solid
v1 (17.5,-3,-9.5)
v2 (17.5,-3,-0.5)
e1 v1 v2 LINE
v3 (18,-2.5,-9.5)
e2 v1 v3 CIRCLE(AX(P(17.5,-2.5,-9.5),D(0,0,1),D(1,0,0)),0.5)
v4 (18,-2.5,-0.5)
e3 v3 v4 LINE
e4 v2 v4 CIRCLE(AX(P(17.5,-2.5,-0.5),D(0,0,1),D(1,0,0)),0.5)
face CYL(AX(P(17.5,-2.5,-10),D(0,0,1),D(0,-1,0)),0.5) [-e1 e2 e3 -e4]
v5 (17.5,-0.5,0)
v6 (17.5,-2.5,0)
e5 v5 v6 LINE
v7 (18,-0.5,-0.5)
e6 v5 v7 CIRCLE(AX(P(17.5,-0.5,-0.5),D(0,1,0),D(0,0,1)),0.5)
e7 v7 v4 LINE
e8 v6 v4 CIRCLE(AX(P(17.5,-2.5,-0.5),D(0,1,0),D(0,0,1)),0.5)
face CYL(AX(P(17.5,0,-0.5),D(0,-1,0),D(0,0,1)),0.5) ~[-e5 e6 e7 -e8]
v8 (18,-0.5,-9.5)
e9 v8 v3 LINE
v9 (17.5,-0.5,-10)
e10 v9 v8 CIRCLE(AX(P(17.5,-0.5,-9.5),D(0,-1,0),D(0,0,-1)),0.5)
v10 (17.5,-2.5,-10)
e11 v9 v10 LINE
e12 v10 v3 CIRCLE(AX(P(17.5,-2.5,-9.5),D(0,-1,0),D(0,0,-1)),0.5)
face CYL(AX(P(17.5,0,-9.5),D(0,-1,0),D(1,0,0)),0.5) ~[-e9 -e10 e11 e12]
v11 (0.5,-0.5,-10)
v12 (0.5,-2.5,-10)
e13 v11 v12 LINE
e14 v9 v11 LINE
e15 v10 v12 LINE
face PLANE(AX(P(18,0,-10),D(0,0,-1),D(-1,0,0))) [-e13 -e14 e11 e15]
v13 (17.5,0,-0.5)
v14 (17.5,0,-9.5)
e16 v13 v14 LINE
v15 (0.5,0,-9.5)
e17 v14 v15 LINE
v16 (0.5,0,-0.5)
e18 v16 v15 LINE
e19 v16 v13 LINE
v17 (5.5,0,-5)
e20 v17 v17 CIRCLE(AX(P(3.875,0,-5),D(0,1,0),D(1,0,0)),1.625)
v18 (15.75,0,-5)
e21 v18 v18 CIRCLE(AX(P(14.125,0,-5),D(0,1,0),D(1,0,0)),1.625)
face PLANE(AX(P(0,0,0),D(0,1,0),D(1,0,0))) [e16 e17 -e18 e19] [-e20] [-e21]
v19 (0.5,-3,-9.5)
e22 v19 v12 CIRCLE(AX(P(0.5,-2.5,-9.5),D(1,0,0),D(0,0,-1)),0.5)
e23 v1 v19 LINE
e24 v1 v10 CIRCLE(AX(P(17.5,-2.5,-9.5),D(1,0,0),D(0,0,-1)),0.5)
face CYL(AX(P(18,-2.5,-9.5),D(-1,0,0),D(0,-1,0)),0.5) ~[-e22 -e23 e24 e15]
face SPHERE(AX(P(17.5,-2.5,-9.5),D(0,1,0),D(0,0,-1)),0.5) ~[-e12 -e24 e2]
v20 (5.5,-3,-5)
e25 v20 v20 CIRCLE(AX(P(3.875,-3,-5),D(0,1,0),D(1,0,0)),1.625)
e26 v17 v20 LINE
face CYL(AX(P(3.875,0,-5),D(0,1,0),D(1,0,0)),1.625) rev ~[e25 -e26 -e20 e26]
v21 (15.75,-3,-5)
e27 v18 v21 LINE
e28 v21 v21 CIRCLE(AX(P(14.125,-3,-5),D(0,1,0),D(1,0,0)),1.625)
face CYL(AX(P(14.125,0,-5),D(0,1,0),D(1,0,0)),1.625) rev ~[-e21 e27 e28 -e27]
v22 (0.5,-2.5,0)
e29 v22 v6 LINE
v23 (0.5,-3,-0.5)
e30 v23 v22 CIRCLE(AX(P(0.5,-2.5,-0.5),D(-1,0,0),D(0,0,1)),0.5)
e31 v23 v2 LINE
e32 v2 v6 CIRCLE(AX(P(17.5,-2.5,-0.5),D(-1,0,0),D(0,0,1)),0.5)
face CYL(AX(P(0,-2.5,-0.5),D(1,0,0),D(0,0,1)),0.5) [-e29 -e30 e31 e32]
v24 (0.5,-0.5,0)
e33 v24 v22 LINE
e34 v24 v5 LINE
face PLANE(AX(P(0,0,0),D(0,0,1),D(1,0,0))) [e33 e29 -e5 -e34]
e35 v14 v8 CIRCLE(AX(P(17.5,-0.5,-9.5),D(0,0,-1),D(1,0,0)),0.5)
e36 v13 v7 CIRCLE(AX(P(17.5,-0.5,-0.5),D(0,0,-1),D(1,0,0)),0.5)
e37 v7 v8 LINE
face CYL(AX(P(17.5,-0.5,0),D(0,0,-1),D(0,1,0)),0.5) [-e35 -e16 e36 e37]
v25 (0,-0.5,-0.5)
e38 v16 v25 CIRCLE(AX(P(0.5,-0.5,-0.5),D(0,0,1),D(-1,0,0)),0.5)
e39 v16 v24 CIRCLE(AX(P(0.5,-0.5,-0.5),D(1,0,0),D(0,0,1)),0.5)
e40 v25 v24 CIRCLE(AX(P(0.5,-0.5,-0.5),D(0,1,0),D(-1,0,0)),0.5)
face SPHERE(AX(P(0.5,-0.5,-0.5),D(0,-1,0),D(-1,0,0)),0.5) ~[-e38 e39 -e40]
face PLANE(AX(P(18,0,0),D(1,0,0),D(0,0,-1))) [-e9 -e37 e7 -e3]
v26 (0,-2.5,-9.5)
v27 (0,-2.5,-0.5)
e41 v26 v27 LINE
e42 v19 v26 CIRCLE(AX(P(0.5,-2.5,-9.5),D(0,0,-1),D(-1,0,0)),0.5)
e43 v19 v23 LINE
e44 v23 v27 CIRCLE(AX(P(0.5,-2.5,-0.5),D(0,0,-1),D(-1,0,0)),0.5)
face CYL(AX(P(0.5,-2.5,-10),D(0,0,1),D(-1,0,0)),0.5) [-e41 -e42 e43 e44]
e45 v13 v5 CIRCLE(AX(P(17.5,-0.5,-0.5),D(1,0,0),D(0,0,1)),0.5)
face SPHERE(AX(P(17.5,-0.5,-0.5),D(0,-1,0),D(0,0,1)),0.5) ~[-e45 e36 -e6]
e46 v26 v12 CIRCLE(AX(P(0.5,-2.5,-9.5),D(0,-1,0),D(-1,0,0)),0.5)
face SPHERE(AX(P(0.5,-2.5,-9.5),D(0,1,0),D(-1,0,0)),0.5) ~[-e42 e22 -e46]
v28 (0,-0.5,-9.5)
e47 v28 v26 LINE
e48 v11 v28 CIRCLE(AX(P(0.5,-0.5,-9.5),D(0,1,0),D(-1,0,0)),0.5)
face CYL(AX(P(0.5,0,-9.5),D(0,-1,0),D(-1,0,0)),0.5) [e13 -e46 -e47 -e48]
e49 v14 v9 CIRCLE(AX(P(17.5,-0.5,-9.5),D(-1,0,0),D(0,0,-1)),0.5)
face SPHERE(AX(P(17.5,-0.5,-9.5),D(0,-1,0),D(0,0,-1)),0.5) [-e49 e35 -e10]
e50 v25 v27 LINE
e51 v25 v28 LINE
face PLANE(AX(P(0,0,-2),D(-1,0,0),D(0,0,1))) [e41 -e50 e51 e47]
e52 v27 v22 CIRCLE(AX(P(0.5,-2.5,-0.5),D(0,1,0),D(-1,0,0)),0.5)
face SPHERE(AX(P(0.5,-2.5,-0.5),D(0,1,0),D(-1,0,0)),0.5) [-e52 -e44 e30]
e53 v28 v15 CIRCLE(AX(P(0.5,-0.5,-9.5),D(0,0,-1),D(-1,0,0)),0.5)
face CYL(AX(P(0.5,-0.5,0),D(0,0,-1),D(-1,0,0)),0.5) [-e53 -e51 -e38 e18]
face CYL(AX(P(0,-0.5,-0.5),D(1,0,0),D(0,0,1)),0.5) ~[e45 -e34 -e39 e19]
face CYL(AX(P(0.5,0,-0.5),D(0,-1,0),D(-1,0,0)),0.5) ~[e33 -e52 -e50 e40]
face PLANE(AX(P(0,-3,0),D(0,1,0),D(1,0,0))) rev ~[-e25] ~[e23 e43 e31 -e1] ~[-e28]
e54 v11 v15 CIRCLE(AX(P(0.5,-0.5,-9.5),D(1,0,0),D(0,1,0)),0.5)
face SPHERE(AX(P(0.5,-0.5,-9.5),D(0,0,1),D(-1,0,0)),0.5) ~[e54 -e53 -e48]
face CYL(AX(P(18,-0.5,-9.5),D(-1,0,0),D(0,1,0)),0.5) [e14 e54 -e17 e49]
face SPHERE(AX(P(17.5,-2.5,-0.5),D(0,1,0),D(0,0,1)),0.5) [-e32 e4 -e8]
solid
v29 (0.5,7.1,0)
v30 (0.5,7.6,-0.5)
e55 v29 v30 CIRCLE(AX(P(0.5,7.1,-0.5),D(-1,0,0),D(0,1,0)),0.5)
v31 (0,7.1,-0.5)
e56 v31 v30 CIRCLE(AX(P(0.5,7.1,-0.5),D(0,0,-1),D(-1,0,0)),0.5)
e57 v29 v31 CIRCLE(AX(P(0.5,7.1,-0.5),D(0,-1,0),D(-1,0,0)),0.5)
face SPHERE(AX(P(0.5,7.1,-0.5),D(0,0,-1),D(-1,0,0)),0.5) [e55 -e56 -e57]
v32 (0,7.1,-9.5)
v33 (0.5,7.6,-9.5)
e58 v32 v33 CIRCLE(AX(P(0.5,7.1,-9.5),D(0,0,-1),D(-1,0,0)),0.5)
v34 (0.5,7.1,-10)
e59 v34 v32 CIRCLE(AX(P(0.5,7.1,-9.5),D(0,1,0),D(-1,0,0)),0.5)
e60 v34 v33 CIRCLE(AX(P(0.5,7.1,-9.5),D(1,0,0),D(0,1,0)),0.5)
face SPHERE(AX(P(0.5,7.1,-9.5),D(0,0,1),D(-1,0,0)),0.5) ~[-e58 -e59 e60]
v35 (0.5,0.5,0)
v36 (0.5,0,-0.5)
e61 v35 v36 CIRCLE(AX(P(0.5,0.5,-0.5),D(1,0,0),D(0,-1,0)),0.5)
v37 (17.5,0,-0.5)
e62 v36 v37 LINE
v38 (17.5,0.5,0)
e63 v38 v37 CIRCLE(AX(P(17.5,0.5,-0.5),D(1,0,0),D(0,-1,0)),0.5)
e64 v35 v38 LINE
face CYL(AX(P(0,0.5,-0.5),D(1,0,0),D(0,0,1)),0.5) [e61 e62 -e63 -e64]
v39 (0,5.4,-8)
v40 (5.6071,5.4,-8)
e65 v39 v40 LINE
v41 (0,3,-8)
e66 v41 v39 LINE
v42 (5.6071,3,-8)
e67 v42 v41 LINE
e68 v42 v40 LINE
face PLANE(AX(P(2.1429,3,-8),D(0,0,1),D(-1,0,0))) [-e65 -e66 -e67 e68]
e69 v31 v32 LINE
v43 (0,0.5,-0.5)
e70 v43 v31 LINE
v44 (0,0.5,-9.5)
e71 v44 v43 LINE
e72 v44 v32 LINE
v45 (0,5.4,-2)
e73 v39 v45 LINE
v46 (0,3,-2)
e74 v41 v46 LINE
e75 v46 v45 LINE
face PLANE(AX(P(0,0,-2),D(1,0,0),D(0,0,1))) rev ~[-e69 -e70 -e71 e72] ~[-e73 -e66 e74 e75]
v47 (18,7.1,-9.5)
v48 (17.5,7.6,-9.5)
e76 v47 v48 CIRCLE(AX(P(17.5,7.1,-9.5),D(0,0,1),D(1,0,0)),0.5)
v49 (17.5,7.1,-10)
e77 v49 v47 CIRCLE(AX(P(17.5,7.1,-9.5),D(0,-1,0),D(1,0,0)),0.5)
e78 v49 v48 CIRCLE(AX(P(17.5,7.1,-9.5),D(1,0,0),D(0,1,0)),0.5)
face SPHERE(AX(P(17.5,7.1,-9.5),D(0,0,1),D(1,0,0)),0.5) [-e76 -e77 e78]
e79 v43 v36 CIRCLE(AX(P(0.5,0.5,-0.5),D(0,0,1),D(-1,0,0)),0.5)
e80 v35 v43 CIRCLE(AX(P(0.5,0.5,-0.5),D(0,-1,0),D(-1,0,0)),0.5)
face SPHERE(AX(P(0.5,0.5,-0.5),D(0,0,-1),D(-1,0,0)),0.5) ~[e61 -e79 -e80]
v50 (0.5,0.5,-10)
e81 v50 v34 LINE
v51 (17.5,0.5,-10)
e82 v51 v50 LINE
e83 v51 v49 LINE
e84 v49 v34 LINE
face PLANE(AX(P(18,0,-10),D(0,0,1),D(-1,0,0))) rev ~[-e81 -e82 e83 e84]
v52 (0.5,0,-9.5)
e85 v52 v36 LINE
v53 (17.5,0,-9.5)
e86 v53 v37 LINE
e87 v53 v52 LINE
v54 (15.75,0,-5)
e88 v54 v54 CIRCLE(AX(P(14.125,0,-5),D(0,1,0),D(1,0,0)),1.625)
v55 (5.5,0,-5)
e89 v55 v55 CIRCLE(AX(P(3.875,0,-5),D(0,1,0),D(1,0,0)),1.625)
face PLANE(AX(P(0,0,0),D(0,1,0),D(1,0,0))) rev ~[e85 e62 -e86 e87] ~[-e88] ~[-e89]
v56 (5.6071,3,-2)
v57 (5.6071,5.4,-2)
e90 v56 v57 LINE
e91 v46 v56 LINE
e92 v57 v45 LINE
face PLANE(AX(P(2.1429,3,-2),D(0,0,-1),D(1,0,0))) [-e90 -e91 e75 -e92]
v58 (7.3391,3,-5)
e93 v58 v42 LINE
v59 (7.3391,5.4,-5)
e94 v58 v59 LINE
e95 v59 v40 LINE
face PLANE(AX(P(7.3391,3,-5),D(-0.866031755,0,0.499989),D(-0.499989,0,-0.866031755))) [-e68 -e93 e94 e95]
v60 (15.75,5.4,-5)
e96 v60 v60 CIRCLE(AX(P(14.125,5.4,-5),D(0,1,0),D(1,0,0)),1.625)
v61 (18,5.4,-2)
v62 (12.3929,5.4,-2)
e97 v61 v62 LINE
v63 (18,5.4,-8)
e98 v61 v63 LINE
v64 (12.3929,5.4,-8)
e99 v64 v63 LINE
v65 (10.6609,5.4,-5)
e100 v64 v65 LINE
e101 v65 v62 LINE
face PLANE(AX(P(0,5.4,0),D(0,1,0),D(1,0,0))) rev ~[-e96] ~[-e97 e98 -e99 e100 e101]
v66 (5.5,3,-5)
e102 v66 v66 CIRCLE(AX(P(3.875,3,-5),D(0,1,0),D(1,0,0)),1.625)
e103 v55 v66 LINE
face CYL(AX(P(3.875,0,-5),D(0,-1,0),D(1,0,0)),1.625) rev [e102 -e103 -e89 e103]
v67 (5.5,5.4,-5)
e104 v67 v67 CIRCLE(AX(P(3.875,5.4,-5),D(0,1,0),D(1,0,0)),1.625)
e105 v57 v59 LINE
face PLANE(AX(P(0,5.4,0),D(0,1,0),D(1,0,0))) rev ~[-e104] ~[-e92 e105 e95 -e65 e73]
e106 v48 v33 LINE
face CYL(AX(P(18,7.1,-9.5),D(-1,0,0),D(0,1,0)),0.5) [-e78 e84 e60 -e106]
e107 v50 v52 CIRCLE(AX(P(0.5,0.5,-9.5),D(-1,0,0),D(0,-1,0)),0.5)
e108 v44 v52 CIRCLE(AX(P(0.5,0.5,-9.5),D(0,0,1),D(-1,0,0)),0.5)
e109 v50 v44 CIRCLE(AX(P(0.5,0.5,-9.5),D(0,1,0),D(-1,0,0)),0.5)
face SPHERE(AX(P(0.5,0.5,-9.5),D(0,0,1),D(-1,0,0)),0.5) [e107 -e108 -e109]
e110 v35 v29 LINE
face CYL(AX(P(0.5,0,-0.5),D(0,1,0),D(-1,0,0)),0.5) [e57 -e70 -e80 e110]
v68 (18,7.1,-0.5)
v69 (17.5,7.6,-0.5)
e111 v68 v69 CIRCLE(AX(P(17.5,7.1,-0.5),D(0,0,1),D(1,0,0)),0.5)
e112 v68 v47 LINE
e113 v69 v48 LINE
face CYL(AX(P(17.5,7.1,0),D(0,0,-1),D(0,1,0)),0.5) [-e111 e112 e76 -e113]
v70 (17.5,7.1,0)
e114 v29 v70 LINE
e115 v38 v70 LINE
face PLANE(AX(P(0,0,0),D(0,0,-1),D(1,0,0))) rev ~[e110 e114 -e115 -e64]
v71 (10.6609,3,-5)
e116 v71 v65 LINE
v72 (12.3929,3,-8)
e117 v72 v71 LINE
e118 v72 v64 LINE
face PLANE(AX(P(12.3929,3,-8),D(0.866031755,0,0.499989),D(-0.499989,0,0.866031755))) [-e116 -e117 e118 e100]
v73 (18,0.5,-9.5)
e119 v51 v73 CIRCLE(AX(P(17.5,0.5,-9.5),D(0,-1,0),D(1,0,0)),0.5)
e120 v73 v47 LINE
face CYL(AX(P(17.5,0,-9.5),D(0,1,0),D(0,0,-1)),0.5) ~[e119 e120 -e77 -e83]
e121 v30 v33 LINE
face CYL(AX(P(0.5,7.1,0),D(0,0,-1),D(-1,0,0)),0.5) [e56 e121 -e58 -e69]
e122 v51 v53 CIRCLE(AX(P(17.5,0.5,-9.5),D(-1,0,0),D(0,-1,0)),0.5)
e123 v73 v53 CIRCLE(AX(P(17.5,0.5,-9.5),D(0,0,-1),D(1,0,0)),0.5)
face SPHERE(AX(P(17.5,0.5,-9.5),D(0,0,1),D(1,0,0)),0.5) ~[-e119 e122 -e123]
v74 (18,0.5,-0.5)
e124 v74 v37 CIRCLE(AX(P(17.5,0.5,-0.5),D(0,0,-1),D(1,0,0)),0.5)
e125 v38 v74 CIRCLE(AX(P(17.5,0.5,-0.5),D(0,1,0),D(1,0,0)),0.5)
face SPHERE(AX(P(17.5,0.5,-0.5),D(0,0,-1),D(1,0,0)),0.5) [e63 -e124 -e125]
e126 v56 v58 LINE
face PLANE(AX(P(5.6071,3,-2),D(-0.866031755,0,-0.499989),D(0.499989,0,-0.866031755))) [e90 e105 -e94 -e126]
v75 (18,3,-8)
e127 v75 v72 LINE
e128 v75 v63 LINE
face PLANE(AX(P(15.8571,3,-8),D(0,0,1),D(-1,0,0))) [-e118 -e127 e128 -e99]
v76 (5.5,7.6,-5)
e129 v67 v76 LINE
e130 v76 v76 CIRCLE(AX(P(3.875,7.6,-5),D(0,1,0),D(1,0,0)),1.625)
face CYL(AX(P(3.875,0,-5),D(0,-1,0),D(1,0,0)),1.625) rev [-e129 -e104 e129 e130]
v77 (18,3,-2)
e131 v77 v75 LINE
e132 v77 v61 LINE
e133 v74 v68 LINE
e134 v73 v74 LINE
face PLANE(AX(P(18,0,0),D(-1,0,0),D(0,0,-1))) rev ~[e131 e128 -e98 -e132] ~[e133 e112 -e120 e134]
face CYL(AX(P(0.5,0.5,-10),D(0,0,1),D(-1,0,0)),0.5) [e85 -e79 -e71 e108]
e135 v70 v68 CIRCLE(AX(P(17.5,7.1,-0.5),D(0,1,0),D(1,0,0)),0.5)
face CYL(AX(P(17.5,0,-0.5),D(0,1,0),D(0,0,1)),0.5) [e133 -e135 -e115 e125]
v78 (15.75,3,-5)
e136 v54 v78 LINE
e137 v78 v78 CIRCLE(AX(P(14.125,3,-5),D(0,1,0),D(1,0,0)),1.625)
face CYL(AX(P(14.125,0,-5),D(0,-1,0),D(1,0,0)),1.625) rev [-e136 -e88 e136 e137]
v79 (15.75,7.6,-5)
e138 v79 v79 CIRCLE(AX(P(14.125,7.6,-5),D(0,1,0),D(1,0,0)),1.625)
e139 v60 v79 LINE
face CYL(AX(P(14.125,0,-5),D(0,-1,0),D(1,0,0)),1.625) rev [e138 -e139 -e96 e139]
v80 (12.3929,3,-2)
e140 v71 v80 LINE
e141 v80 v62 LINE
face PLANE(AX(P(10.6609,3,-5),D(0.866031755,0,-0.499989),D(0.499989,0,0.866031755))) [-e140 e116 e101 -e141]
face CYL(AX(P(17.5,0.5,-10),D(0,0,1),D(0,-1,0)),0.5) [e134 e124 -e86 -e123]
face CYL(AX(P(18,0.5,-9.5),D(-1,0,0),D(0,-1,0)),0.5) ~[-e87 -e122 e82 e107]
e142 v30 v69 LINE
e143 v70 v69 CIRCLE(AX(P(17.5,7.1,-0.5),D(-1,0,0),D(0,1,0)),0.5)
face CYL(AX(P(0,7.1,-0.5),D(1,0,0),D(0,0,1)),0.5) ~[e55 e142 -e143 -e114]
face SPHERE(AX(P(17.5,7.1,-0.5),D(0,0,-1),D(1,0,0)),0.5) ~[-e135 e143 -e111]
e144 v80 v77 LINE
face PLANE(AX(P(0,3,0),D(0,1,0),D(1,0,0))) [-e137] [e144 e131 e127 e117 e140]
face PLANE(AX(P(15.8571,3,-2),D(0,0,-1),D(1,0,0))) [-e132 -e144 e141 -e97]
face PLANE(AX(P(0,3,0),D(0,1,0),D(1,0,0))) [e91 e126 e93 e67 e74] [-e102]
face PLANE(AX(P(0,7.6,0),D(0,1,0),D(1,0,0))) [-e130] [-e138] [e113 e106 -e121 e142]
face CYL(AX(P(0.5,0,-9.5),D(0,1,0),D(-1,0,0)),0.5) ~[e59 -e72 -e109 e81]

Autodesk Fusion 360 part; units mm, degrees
sketch "Sketch1" plane through (0, 0, 0) normal (0, 1, 0) x (1, 0, 0)
  line L0 (0, 0) -> (18, 0)
  line L1 (18, 0) -> (18, 10)
  line L2 (18, 10) -> (0, 10)
  line L3 (0, 10) -> (0, 0)
  line L4 (0, 5) -> (18, 5) construction
  line L5 (7.3391, 5) -> (5.6071, 8)
  line L6 (5.6071, 8) -> (2.1429, 8)
  line L7 (2.1429, 8) -> (0.4109, 5) construction
  line L8 (0.4109, 5) -> (2.1429, 2) construction
  line L9 (2.1429, 2) -> (5.6071, 2)
  line L10 (5.6071, 2) -> (7.3391, 5)
  line L11 (15.8571, 8) -> (12.3929, 8)
  line L12 (12.3929, 8) -> (10.6609, 5)
  line L13 (10.6609, 5) -> (12.3929, 2)
  line L14 (12.3929, 2) -> (15.8571, 2)
  line L15 (15.8571, 2) -> (17.5891, 5) construction
  line L16 (17.5891, 5) -> (15.8571, 8) construction
  line L17 (2.1429, 8) -> (0, 8)
  line L18 (2.1429, 2) -> (0, 2)
  line L19 (15.8571, 8) -> (18, 8)
  line L20 (15.8571, 2) -> (18, 2)
  circle A0 centre (14.125, 5) radius 1.625
  circle A1 centre (3.875, 5) radius 1.625
  line L21 (7.3391, 5) -> (10.6609, 5) construction
  point P0 (3.875, 5)
  point P1 (14.125, 5)
  dimension "d2" = 3
  dimension "d3" = 3.25
  dimension "d4" = 3.25
  dimension "d5" = 10
  dimension "d6" = 18
  dimension "d8" = 3
  dimension "d9" = 10.25
extrude "Extrude1" add sketch "Sketch1" along normal blind 7.6 contours L0 L1 L2 L3 L5 L6 L9 L10 L11 L12 L13 L14 L17 L18 L19 L20 | L3 L5 L6 L9 L10 L17 L18 | L1 L11 L12 L13 L14 L19 L20 | A0 | A1 makes body 1
extrude "Extrude2" cut sketch "Sketch1" along normal blind 2.4 from surface at 3 contours L3 L5 L6 L9 L10 L17 L18 | L1 L11 L12 L13 L14 L19 L20 bodies 1
extrude "Extrude3" cut sketch "Sketch1" along normal up to surface (7.6 mm away) contours A0 | A1 bodies 1
extrude "Extrude4" add sketch "Sketch1" against normal blind 3 separate body makes body 2
fillet "Fillet1" radius 0.5 4 edges at (18, 7.6, -5) (18, 0, -5) (0, 0, -5) (0, 7.6, -5) 2 faces at (6, 5.0667, -10) (12, 5.0667, 0) on bodies 1
fillet "Fillet2" radius 0.5 4 faces at (0, -1, -6.6667) (12, -2, -10) (6, -2, 0) (18, -1, -3.3333) on bodies 2
equation "d2 = 5.5 mm / 2 + 0.25 mm"
equation "d8 = ( 5.5 / 2 ) * 1 mm + 0.25 mm"
equation "d9 = d3 + 7 mm"
equation "d10 = 10 mm - 2.4 mm"
